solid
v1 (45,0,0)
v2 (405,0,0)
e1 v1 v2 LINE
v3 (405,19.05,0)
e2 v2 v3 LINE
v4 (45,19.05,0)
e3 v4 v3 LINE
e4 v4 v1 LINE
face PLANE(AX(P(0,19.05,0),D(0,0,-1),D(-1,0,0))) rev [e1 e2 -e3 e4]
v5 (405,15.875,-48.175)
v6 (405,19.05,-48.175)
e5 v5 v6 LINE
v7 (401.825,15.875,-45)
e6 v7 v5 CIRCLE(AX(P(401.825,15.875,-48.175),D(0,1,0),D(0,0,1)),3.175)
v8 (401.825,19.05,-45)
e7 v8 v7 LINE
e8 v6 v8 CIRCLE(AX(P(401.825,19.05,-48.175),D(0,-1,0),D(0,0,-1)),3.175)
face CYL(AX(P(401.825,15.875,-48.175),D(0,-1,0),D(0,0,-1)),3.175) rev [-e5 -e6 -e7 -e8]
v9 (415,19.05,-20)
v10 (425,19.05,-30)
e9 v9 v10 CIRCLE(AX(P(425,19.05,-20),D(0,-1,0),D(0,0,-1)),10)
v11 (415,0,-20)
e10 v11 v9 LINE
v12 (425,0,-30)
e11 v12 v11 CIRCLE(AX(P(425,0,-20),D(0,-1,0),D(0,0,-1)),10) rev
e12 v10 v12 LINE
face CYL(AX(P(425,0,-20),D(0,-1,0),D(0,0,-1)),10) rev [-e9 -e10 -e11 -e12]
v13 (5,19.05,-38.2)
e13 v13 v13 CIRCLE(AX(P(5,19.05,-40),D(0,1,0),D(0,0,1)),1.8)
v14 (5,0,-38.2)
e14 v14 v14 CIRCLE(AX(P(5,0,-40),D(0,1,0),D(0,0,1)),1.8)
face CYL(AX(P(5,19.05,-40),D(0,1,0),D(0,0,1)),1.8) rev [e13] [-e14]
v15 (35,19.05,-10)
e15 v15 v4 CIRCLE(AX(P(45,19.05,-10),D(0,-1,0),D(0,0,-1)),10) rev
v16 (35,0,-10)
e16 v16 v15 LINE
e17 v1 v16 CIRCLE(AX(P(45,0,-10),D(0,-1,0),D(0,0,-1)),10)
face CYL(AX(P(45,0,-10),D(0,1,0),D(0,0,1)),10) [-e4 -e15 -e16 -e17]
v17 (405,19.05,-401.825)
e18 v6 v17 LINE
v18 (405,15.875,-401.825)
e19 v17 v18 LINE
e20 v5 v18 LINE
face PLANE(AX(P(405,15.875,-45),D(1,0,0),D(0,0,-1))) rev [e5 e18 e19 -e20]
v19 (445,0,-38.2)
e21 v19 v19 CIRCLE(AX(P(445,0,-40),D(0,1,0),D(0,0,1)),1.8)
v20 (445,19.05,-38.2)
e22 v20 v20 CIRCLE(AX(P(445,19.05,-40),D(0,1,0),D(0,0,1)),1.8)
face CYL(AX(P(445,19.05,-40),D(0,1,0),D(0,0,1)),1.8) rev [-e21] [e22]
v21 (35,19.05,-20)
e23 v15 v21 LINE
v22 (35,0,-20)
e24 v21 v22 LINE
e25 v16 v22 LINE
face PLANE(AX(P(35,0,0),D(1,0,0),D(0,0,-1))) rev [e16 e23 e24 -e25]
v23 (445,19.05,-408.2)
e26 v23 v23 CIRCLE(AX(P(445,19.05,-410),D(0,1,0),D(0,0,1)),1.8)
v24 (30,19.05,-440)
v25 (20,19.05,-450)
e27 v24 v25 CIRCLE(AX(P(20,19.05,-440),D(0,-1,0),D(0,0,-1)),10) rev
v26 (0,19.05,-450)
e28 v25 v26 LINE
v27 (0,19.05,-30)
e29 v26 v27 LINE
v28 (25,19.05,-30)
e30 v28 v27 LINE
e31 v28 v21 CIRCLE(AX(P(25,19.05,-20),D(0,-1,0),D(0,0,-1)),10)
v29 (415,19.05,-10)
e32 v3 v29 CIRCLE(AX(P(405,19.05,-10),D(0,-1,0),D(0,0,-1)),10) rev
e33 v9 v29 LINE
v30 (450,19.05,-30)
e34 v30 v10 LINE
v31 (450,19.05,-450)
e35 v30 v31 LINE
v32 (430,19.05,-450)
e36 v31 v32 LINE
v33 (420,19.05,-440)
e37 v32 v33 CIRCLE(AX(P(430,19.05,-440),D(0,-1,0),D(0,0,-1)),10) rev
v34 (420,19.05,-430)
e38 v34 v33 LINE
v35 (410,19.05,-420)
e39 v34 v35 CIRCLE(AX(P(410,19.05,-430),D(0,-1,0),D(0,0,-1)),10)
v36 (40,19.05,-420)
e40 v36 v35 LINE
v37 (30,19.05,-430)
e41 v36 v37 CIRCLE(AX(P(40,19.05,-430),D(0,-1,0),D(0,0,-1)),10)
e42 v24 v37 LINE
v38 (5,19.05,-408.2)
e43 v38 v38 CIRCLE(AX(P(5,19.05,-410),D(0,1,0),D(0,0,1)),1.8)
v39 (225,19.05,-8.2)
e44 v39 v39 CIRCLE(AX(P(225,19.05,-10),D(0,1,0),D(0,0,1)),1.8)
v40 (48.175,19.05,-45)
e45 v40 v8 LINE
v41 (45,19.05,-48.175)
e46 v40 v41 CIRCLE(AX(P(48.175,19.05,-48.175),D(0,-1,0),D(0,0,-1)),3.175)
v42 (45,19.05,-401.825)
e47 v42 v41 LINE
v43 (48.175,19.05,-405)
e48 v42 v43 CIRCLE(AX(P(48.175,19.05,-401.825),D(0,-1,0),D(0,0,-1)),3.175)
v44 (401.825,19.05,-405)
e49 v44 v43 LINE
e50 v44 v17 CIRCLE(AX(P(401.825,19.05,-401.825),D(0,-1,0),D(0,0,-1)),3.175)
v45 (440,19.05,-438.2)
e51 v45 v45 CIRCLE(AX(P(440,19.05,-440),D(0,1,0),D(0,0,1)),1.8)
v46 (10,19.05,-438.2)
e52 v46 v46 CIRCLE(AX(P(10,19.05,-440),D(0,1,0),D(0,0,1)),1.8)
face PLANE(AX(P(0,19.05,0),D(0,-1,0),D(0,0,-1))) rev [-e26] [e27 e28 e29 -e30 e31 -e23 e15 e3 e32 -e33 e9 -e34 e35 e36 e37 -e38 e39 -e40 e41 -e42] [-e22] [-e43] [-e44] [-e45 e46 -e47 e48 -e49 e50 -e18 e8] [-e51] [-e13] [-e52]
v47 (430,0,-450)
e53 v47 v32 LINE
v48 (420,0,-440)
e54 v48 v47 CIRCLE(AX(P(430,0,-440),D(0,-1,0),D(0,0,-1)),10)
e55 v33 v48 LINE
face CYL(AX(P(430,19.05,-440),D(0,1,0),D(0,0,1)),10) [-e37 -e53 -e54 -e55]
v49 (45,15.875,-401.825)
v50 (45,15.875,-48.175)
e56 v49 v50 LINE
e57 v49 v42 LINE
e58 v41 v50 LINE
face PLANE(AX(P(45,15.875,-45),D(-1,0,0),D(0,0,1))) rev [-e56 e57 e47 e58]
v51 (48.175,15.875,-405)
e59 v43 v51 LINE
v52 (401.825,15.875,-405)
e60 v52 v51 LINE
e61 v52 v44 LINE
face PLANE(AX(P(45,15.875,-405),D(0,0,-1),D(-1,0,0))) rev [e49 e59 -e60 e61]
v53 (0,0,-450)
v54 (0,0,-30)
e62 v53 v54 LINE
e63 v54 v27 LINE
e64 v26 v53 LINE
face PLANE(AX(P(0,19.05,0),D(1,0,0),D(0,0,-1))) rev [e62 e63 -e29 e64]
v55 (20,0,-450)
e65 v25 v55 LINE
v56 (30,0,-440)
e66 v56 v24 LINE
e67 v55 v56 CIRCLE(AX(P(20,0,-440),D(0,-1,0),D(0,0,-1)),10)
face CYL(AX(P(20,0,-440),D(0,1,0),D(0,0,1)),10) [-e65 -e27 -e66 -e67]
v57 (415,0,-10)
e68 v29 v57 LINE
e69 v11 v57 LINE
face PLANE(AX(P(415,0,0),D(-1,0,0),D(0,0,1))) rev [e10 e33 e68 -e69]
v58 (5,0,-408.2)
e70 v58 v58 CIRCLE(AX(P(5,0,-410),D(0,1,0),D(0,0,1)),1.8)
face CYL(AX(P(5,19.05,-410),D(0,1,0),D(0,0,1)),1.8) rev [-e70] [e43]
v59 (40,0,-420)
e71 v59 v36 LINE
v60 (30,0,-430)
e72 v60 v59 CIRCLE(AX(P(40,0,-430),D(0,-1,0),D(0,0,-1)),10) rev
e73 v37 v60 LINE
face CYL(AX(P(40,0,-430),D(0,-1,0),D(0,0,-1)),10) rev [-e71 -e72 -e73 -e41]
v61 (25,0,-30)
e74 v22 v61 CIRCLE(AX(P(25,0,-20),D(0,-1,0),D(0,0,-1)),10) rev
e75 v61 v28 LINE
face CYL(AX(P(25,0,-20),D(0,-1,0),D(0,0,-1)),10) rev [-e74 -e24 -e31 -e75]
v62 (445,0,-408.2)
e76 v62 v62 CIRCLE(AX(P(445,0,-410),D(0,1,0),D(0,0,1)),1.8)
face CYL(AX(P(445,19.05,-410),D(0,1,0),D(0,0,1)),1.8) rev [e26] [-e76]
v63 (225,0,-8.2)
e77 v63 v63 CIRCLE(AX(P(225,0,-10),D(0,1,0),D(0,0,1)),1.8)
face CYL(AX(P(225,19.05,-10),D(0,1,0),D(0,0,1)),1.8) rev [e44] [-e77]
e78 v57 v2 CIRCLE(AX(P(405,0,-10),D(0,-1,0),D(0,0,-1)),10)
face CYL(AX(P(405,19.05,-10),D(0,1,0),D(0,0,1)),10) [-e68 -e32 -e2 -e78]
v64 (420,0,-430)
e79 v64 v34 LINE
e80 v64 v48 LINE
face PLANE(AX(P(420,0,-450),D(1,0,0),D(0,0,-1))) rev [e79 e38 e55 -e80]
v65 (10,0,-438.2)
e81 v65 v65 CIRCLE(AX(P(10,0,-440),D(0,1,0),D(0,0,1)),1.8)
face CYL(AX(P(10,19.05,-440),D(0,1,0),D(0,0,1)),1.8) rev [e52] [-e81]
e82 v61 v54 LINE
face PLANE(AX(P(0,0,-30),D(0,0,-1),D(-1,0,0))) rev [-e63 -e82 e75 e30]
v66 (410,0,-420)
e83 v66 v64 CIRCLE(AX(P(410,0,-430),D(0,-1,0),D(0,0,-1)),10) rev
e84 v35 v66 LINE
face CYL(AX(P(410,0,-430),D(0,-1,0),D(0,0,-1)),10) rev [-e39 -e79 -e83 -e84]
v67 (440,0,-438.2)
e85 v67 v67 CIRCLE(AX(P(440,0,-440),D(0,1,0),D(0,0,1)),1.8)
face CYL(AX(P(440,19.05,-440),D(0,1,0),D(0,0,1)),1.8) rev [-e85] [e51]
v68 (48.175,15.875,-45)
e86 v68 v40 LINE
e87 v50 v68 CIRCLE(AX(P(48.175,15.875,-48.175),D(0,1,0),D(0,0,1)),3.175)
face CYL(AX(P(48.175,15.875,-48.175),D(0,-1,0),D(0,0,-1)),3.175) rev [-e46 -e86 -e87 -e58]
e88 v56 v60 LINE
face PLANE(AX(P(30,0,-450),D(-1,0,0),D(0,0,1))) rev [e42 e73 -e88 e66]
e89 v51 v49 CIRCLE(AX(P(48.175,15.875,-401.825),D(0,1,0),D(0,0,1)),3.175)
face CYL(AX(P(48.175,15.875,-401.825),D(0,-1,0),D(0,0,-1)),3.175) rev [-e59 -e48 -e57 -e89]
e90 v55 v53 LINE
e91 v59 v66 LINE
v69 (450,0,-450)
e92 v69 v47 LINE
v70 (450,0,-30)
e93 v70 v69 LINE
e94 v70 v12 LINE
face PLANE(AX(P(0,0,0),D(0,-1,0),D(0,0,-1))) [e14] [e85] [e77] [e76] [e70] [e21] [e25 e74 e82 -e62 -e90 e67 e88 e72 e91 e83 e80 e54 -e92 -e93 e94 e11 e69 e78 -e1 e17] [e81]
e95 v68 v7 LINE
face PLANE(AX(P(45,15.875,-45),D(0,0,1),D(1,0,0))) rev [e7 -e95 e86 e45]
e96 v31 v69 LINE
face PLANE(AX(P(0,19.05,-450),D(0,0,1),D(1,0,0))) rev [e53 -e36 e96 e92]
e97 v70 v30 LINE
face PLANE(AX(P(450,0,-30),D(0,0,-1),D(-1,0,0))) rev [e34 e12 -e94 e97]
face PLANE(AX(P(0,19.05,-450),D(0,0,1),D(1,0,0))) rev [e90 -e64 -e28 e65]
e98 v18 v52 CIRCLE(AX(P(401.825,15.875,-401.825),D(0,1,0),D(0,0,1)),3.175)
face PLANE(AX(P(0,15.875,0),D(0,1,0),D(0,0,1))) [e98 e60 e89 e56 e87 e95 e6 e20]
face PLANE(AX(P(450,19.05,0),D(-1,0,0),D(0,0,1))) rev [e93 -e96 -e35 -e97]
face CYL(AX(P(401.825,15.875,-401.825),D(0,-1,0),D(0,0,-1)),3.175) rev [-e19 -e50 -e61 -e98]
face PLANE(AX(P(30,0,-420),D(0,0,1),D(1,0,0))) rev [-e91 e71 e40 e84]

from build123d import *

# Parameters (mm, degrees)
SKETCH2_W            = 450
SKETCH2_H            = 450
BOSS_EXTRUDE1_DEPTH  = 19.05
SKETCH7_W            = 35
SKETCH7_H            = 30
SKETCH7_W_2          = 390
CUT_EXTRUDE2_DEPTH   = 637.681162357
FILLET2_R            = 10
SKETCH3_W            = 360
SKETCH3_H            = 360
CUT_EXTRUDE1_DEPTH   = 3.175
FILLET1_R            = 3.175
M3_CLEARANCE_HOLE1_D = 3.6
M3_CLEARANCE_HOLE2_D = 3.6


with BuildPart() as part:
    # Sketch2 → Boss-Extrude1 (new body)
    with BuildSketch(Plane(origin=(0, 0, 0), x_dir=(1, 0, 0), z_dir=(0, 1, 0))):
        with Locations((225, 225)):
            Rectangle(SKETCH2_W, SKETCH2_H)
    extrude(amount=BOSS_EXTRUDE1_DEPTH)

    # Sketch7 → Cut-Extrude2 (cut, through all)
    with BuildSketch(Plane(origin=(0, 19.05, 0), x_dir=(1, 0, 0), z_dir=(0, 1, 0))):
        with Locations((432.5, 15)):
            Rectangle(SKETCH7_W, SKETCH7_H)
        with Locations((17.5, 15)):
            Rectangle(SKETCH7_W, SKETCH7_H)
        with Locations((225, 435)):
            Rectangle(SKETCH7_W_2, SKETCH7_H)
    extrude(amount=-CUT_EXTRUDE2_DEPTH, mode=Mode.SUBTRACT)

    # Fillet2
    fillet2_edges = [part.edges().sort_by_distance(p)[0] for p in [
        (35, 9.525, -30),
        (35, 9.525, 0),
        (30, 9.525, -420),
        (30, 9.525, -450),
        (420, 9.525, -450),
        (420, 9.525, -420),
        (415, 9.525, 0),
        (415, 9.525, -30),
    ]]
    fillet(fillet2_edges, radius=FILLET2_R)

    # Sketch3 → Cut-Extrude1 (cut)
    with BuildSketch(Plane(origin=(0, 19.05, 0), x_dir=(1, 0, 0), z_dir=(0, 1, 0))):
        with Locations((225, 225)):
            Rectangle(SKETCH3_W, SKETCH3_H)
    extrude(amount=-CUT_EXTRUDE1_DEPTH, mode=Mode.SUBTRACT)

    # Fillet1
    fillet1_edges = [part.edges().sort_by_distance(p)[0] for p in [
        (45, 17.4625, -405),
        (405, 17.4625, -405),
        (405, 17.4625, -45),
        (45, 17.4625, -45),
    ]]
    fillet(fillet1_edges, radius=FILLET1_R)

    # M3 Clearance Hole1 (through all)
    with Locations(Plane(origin=(440, 19.05, -440), x_dir=(0, 0, 1), z_dir=(0, 1, 0))):
        with Locations((0, 0), (0, -430), (430, -215)):
            Hole(M3_CLEARANCE_HOLE1_D / 2)

    # M3 Clearance Hole2 (through all)
    with Locations(Plane(origin=(445, 19.05, -410), x_dir=(0, 0, 1), z_dir=(0, 1, 0))):
        with Locations((0, 0), (0, -440), (370, -440), (370, 0)):
            Hole(M3_CLEARANCE_HOLE2_D / 2)


solid = part.part
